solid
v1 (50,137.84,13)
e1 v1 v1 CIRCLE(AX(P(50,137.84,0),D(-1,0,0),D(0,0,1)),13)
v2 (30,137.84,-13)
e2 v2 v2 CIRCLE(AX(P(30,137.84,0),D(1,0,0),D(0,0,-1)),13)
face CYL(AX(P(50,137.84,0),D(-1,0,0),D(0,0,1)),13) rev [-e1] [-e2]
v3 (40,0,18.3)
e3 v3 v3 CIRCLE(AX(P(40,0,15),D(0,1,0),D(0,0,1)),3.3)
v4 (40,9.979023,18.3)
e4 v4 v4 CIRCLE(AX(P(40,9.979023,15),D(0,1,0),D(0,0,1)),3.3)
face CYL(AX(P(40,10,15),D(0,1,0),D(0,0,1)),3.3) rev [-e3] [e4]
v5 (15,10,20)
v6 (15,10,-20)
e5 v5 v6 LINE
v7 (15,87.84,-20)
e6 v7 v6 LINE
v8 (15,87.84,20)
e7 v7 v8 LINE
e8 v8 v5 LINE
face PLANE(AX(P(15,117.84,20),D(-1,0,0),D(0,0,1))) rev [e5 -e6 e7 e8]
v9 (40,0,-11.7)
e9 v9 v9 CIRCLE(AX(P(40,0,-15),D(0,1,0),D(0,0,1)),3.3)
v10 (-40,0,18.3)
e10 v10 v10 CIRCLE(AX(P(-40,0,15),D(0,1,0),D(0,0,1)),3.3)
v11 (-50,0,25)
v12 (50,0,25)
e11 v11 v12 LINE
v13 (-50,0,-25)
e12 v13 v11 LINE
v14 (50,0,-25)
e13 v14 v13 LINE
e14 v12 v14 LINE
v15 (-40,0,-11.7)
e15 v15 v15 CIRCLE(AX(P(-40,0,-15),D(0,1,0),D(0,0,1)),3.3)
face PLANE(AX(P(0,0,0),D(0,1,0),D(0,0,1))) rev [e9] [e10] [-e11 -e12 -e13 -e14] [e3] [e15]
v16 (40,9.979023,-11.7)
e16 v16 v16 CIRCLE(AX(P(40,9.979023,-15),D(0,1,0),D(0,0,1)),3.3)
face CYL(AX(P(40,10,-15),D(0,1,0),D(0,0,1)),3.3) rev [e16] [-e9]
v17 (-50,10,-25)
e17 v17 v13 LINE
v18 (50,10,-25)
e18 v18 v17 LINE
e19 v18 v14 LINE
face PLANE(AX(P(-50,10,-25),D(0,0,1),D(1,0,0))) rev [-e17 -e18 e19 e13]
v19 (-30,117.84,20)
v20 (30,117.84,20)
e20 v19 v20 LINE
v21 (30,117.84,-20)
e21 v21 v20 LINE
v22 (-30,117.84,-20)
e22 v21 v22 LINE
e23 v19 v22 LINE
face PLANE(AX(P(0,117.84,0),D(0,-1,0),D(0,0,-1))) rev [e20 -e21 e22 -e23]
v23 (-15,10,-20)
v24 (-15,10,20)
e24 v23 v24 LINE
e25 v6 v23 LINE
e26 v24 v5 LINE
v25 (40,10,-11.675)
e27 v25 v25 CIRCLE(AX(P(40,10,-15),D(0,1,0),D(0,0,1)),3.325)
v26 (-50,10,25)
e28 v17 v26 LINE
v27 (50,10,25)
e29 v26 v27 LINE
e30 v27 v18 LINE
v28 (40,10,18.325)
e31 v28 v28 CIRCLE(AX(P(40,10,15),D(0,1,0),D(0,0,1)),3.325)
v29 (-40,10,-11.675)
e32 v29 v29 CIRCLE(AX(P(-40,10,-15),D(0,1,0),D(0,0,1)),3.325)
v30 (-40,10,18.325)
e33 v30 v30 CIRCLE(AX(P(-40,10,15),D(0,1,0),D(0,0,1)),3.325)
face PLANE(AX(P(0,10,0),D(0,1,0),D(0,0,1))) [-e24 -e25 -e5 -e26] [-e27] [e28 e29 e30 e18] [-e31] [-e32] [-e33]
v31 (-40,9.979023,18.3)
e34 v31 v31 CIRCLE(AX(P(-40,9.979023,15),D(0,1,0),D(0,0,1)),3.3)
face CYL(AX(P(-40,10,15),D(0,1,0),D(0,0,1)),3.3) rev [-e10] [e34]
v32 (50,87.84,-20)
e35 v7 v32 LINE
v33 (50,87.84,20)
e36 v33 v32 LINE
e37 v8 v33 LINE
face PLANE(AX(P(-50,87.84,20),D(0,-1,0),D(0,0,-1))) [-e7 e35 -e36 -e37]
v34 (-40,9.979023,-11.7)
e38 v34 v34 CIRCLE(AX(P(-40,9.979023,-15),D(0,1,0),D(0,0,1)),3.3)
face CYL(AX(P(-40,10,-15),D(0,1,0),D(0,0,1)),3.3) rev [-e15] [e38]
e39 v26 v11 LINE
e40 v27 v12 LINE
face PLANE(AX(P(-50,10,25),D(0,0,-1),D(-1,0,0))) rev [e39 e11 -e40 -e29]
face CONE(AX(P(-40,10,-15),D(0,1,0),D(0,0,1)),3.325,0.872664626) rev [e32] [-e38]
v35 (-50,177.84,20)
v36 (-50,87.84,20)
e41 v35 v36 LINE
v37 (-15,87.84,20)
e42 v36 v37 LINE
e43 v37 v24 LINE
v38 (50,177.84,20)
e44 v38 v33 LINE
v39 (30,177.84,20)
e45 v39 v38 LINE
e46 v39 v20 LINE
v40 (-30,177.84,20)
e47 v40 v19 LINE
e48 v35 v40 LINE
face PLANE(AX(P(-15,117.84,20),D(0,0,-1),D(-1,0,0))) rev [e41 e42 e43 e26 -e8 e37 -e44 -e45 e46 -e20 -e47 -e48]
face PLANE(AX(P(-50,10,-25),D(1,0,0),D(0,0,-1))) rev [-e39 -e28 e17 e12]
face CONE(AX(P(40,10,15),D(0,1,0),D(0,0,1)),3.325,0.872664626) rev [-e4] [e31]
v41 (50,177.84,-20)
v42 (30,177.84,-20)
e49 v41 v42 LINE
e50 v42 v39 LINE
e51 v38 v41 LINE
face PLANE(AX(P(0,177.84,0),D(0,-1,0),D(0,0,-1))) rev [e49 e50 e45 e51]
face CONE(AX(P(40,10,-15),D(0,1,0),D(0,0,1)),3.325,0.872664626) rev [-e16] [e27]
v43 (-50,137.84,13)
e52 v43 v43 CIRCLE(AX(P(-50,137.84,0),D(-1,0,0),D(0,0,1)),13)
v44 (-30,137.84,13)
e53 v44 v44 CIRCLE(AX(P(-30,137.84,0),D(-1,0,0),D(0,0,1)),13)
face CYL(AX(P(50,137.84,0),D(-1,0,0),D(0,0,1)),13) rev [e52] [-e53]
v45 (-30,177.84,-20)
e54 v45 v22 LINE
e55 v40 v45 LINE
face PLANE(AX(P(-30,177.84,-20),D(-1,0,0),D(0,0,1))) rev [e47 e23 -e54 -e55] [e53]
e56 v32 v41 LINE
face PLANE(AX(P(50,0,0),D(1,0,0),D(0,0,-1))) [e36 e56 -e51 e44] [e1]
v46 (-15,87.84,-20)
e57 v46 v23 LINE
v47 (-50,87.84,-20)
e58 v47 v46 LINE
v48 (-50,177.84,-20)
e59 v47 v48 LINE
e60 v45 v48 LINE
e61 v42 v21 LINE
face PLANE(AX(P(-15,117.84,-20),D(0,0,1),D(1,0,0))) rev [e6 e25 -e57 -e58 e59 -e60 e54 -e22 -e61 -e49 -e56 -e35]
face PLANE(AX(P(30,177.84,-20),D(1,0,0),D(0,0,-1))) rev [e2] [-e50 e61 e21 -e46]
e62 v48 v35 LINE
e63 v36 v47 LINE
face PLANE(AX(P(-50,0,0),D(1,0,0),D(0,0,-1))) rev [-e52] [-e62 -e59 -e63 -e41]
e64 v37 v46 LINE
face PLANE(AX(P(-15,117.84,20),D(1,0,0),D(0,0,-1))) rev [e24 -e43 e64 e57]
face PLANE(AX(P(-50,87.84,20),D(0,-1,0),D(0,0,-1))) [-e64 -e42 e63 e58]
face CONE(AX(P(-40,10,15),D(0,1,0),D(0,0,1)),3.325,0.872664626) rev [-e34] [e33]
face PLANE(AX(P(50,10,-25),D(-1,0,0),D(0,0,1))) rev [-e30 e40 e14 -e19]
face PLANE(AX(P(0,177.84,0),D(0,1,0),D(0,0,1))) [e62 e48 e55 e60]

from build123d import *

# Parameters (mm, degrees)
SKETCH1_W                      = 100
SKETCH1_H                      = 50
BOSS_EXTRUDE1_DEPTH            = 10
M6_CLEARANCE_HOLE1_D           = 6.6
M6_CLEARANCE_HOLE1_CSINK_D     = 6.65
M6_CLEARANCE_HOLE1_CSINK_ANGLE = 100
SKETCH4_W                      = 30
SKETCH4_H                      = 40
BOSS_EXTRUDE2_DEPTH            = 107.84
BOSS_EXTRUDE3_DEPTH            = 50
BOSS_EXTRUDE3_DEPTH_BACK       = 50
SKETCH6_W                      = 40
SKETCH6_H                      = 30
SKETCH7_W                      = 20
SKETCH7_H                      = 40
BOSS_EXTRUDE4_DEPTH            = 60
SKETCH8_R                      = 13
CUT_EXTRUDE3_DEPTH             = 206.553072465


with BuildPart() as part:
    # Sketch1 → Boss-Extrude1 (new body)
    with BuildSketch(Plane(origin=(0, 0, 0), x_dir=(1, 0, 0), z_dir=(0, 1, 0))):
        Rectangle(SKETCH1_W, SKETCH1_H)
    extrude(amount=BOSS_EXTRUDE1_DEPTH)

    # M6 Clearance Hole1 (through all)
    with Locations(Plane(origin=(0, 10, 0), x_dir=(1, 0, 0), z_dir=(0, 1, 0))):
        with Locations((-40, 15), (40, 15), (-40, -15), (40, -15)):
            CounterSinkHole(M6_CLEARANCE_HOLE1_D / 2, M6_CLEARANCE_HOLE1_CSINK_D / 2, counter_sink_angle=M6_CLEARANCE_HOLE1_CSINK_ANGLE)

    # Sketch4 → Boss-Extrude2 (add)
    with BuildSketch(Plane(origin=(0, 10, 0), x_dir=(1, 0, 0), z_dir=(0, 1, 0))):
        Rectangle(SKETCH4_W, SKETCH4_H)
    extrude(amount=BOSS_EXTRUDE2_DEPTH)

    # Sketch6 → Boss-Extrude3 (add, two sides: drawn at the far end of the back side and taken through both)
    with BuildSketch(Plane(origin=(0, 0, 0), x_dir=(0, 0, -1), z_dir=(1, 0, 0)).offset(-BOSS_EXTRUDE3_DEPTH_BACK)):
        with Locations((0, 102.84)):
            Rectangle(SKETCH6_W, SKETCH6_H)
    extrude(amount=BOSS_EXTRUDE3_DEPTH + BOSS_EXTRUDE3_DEPTH_BACK)

    # Sketch7 → Boss-Extrude4 (add)
    with BuildSketch(Plane(origin=(0, 117.84, 0), x_dir=(1, 0, 0), z_dir=(0, 1, 0))):
        with Locations((-40, 0)):
            Rectangle(SKETCH7_W, SKETCH7_H)
        with Locations((40, 0)):
            Rectangle(SKETCH7_W, SKETCH7_H)
    extrude(amount=BOSS_EXTRUDE4_DEPTH)

    # Sketch8 → Cut-Extrude3 (cut, through all)
    with BuildSketch(Plane.ZY.offset(50)):
        with Locations((0, 137.84)):
            Circle(SKETCH8_R)
    extrude(amount=-CUT_EXTRUDE3_DEPTH, mode=Mode.SUBTRACT)


solid = part.part
